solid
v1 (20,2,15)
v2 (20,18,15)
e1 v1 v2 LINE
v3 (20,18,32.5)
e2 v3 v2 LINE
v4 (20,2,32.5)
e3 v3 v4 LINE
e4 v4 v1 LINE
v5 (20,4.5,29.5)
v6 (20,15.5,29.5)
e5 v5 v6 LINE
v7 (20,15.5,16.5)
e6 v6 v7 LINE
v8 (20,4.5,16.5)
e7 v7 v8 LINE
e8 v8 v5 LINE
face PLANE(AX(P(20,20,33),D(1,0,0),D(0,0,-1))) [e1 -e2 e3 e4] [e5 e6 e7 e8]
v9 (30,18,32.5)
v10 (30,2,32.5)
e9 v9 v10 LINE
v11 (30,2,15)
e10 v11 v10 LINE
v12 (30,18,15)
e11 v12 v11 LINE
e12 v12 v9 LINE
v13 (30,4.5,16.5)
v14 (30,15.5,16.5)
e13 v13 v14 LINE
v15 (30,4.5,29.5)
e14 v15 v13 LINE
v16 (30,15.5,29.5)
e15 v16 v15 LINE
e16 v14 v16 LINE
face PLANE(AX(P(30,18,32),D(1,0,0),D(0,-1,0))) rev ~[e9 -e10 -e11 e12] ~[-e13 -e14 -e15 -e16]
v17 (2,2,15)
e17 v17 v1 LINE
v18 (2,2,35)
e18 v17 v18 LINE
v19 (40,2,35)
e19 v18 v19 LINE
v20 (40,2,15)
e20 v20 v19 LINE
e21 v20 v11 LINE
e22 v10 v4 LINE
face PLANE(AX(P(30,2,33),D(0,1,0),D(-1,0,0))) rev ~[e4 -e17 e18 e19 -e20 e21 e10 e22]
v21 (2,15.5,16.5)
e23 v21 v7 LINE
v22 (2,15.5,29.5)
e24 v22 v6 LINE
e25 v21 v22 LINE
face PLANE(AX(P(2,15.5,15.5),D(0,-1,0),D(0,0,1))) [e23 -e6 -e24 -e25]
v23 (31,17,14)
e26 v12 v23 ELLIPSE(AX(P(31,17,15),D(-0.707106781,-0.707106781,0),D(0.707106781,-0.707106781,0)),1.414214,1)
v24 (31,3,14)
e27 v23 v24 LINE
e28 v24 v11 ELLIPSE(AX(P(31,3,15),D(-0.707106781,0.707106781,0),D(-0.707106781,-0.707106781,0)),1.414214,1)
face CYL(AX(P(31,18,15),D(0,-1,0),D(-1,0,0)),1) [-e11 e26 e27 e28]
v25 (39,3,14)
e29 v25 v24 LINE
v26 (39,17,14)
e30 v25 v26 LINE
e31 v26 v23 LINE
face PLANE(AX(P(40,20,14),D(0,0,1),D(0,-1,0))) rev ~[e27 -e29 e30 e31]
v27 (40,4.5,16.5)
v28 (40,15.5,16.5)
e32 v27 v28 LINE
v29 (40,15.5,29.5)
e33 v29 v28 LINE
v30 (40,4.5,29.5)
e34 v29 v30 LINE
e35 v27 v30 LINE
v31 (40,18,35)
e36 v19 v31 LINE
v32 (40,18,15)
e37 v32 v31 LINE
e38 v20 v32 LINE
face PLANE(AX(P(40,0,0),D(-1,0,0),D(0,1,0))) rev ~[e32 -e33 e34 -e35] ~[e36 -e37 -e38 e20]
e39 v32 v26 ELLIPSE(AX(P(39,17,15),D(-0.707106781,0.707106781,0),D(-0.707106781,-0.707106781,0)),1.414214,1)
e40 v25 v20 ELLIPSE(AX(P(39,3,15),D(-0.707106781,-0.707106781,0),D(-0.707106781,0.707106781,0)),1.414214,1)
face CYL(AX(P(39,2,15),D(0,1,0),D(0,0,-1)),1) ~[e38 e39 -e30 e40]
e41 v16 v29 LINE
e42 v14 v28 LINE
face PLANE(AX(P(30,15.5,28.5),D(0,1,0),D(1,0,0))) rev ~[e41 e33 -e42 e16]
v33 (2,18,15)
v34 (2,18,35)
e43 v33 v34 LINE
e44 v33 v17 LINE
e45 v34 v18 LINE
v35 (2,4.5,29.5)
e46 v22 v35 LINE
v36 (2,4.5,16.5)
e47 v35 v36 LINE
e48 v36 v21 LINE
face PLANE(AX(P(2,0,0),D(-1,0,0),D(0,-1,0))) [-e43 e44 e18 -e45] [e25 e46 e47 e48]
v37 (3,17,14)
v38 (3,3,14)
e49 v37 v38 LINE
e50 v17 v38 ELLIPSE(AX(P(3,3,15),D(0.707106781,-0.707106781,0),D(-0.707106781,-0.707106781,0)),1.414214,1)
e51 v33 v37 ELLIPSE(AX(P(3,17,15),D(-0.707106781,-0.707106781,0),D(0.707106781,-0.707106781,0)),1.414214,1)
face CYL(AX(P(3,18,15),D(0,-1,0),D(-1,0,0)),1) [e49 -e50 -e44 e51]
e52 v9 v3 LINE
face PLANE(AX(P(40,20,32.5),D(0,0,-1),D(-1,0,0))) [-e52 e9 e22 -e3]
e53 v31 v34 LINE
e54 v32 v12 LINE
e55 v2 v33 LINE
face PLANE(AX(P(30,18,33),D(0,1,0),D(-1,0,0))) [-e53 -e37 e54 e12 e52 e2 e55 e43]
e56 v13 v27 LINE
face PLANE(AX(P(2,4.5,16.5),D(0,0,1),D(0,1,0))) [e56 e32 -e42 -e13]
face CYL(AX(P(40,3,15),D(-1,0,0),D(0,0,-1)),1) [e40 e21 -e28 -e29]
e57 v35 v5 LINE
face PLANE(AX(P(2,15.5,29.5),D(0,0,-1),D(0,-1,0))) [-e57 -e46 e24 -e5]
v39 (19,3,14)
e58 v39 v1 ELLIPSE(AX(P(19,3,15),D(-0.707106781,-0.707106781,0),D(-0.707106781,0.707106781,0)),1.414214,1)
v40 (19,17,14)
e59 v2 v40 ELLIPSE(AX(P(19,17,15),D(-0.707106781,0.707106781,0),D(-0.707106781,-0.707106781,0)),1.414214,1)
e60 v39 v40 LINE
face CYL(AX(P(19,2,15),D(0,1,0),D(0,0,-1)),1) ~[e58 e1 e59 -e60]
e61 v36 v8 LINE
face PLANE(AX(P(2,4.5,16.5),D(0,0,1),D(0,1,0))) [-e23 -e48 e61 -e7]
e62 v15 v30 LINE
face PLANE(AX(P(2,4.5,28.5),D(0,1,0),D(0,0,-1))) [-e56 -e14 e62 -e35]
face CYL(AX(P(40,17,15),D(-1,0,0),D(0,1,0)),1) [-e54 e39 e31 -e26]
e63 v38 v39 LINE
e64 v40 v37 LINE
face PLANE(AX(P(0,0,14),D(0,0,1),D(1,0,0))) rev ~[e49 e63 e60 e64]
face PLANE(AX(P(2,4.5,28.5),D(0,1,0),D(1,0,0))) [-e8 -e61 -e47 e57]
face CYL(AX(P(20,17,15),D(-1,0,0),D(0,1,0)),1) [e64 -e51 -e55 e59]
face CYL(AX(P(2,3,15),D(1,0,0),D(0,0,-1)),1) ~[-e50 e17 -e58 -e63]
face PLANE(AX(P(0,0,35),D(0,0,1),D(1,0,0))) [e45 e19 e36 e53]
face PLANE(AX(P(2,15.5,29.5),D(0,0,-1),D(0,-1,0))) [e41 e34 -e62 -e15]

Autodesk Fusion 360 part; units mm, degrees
sketch "Sketch1" plane through (0, 0, 0) normal (0, 0, 1) x (1, 0, 0)
  line L0 (0, 0) -> (60, 0)
  line L1 (60, 0) -> (60, 20)
  line L2 (60, 20) -> (0, 20)
  line L3 (0, 20) -> (0, 0)
  dimension "d1" = 60
  dimension "d2" = 20
extrude "Extrude1" add sketch "Sketch1" along normal blind 40
sketch "Sketch2" plane through (0, 0, 0) normal (-1, 0, 0) x (0, -1, 0)
  line L0 (-20, 0) -> (0, 0)
  line L1 (0, 0) -> (0, 40)
  line L2 (0, 40) -> (-20, 40)
  line L3 (-20, 40) -> (-20, 0)
  line L4 (-15, 28) -> (-5, 28)
  line L5 (-5, 28) -> (-5, 16)
  line L6 (-5, 16) -> (-15, 16)
  line L7 (-15, 16) -> (-15, 28)
  dimension "d5" = 10
  dimension "d6" = 12
  dimension "d7" = 5
extrude "Extrude2" cut sketch "Sketch2" against normal blind 30 contours L4 L5 L6 L7
extrude "Extrude3" cut 1 faces at (20, 13.3333, 40) along direction (0, 0, -1) blind 2
extrude "Extrude4" cut 1 faces at (20, 13.3333, 0) along direction (0, 0, 1) blind 2
sketch "Sketch3" plane through (0, 20, 0) normal (0, 1, 0) x (-1, 0, 0)
  line L0 (-60, 2) -> (0, 2)
  line L1 (0, 2) -> (0, 38)
  line L2 (0, 38) -> (-60, 38)
  line L3 (-60, 38) -> (-60, 2)
  line L4 (-40, 33) -> (-20, 33)
  line L5 (-20, 33) -> (-20, -1)
  line L6 (-20, -1) -> (-40, -1)
  line L7 (-40, -1) -> (-40, 33)
  dimension "d14" = 20
  dimension "d15" = 34
  dimension "d16" = 20
  dimension "d17" = 5
extrude "Extrude5" cut 1 faces at (20, 13.3333, 2) along direction (0, 0, 1) blind 9
extrude "Extrude6" cut 1 faces at (20, 13.3333, 11) along direction (0, 0, 1) blind 1
extrude "Extrude7" cut sketch "Sketch3" against normal blind 20 contours L0 L4 L5 L7
extrude "Extrude8" cut sketch "Sketch2" against normal blind 80 contours L4 L5 L6 L7
extrude "Extrude9" cut 1 faces at (20, 13.3333, 38) along direction (0, 0, -1) blind 1
extrude "Extrude10" cut 1 faces at (60, 8.3333, 34) along direction (-1, 0, 0) blind 10
extrude "Extrude11" add 1 faces at (40, 1.6667, 24.3333) along direction (-1, 0, 0) blind 10
extrude "Extrude12" cut 1 faces at (50, 8.3333, 34) along direction (-1, 0, 0) blind 10
extrude "Extrude13" cut 1 faces at (6.6667, 20, 27.3333) along direction (0, -1, 0) blind 2
extrude "Extrude14" cut 1 faces at (6.6667, 0, 27.3333) along direction (0, 1, 0) blind 2
extrude "Extrude15" cut 1 faces at (36.6667, 12.6667, 12) along direction (0, 0, 1) blind 1
extrude "Extrude16" cut 1 faces at (13.3333, 7.3333, 12) along direction (0, 0, 1) blind 1
extrude "Extrude17" cut 1 faces at (36.6667, 12.6667, 13) along direction (0, 0, 1) blind 1
extrude "Extrude18" cut 1 faces at (13.3333, 7.3333, 13) along direction (0, 0, 1) blind 1
extrude "Extrude19" cut sketch "Sketch2" against normal blind 2
extrude "Extrude20" cut 1 faces at (14.6667, 7.3333, 37) along direction (0, 0, -1) blind 1
extrude "Extrude21" add 1 faces at (26.6667, 12.6667, 33) along direction (0, 0, -1) blind 1
extrude "Extrude22" cut 1 faces at (14.6667, 7.3333, 36) along direction (0, 0, -1) blind 1
fillet "Fillet1" radius 1 2 faces at (36.6667, 12.6667, 14) (14, 7.3333, 14)
sketch "Sketch4" plane through (2, 0, 0) normal (-1, 0, 0) x (0, -1, 0)
  line L0 (-5, 16) -> (-15, 16)
  line L1 (-15, 16) -> (-15, 28)
  line L2 (-15, 28) -> (-5, 28)
  line L3 (-5, 28) -> (-5, 16)
  line L4 (-18, 15) -> (-2, 15)
  line L5 (-2, 15) -> (-2, 35)
  line L6 (-2, 35) -> (-18, 35)
  line L7 (-18, 35) -> (-18, 15)
  line L8 (-15.5, 28.5) -> (-4.5, 28.5)
  line L9 (-4.5, 28.5) -> (-4.5, 15.5)
  line L10 (-4.5, 15.5) -> (-15.5, 15.5)
  line L11 (-15.5, 15.5) -> (-15.5, 28.5)
  dimension "d56" = 11
  dimension "d57" = 13
  dimension "d58" = 2.5
  dimension "d59" = 6.5
extrude "Extrude23" cut sketch "Sketch4" against normal blind 50 contours L8 L9 L10 L11
extrude "Extrude24" add 2 faces at (36.6667, 8.1667, 15.5) (14, 11.8333, 15.5) along direction (0, 0, 1) blind 1
extrude "Extrude25" cut 2 faces at (33.3333, 11.8333, 28.5) (14, 11.8333, 28.5) along direction (0, 0, 1) blind 1
extrude "Extrude26" cut 1 faces at (26.6667, 12.6667, 32) along direction (0, 0, 1) blind 0.5
